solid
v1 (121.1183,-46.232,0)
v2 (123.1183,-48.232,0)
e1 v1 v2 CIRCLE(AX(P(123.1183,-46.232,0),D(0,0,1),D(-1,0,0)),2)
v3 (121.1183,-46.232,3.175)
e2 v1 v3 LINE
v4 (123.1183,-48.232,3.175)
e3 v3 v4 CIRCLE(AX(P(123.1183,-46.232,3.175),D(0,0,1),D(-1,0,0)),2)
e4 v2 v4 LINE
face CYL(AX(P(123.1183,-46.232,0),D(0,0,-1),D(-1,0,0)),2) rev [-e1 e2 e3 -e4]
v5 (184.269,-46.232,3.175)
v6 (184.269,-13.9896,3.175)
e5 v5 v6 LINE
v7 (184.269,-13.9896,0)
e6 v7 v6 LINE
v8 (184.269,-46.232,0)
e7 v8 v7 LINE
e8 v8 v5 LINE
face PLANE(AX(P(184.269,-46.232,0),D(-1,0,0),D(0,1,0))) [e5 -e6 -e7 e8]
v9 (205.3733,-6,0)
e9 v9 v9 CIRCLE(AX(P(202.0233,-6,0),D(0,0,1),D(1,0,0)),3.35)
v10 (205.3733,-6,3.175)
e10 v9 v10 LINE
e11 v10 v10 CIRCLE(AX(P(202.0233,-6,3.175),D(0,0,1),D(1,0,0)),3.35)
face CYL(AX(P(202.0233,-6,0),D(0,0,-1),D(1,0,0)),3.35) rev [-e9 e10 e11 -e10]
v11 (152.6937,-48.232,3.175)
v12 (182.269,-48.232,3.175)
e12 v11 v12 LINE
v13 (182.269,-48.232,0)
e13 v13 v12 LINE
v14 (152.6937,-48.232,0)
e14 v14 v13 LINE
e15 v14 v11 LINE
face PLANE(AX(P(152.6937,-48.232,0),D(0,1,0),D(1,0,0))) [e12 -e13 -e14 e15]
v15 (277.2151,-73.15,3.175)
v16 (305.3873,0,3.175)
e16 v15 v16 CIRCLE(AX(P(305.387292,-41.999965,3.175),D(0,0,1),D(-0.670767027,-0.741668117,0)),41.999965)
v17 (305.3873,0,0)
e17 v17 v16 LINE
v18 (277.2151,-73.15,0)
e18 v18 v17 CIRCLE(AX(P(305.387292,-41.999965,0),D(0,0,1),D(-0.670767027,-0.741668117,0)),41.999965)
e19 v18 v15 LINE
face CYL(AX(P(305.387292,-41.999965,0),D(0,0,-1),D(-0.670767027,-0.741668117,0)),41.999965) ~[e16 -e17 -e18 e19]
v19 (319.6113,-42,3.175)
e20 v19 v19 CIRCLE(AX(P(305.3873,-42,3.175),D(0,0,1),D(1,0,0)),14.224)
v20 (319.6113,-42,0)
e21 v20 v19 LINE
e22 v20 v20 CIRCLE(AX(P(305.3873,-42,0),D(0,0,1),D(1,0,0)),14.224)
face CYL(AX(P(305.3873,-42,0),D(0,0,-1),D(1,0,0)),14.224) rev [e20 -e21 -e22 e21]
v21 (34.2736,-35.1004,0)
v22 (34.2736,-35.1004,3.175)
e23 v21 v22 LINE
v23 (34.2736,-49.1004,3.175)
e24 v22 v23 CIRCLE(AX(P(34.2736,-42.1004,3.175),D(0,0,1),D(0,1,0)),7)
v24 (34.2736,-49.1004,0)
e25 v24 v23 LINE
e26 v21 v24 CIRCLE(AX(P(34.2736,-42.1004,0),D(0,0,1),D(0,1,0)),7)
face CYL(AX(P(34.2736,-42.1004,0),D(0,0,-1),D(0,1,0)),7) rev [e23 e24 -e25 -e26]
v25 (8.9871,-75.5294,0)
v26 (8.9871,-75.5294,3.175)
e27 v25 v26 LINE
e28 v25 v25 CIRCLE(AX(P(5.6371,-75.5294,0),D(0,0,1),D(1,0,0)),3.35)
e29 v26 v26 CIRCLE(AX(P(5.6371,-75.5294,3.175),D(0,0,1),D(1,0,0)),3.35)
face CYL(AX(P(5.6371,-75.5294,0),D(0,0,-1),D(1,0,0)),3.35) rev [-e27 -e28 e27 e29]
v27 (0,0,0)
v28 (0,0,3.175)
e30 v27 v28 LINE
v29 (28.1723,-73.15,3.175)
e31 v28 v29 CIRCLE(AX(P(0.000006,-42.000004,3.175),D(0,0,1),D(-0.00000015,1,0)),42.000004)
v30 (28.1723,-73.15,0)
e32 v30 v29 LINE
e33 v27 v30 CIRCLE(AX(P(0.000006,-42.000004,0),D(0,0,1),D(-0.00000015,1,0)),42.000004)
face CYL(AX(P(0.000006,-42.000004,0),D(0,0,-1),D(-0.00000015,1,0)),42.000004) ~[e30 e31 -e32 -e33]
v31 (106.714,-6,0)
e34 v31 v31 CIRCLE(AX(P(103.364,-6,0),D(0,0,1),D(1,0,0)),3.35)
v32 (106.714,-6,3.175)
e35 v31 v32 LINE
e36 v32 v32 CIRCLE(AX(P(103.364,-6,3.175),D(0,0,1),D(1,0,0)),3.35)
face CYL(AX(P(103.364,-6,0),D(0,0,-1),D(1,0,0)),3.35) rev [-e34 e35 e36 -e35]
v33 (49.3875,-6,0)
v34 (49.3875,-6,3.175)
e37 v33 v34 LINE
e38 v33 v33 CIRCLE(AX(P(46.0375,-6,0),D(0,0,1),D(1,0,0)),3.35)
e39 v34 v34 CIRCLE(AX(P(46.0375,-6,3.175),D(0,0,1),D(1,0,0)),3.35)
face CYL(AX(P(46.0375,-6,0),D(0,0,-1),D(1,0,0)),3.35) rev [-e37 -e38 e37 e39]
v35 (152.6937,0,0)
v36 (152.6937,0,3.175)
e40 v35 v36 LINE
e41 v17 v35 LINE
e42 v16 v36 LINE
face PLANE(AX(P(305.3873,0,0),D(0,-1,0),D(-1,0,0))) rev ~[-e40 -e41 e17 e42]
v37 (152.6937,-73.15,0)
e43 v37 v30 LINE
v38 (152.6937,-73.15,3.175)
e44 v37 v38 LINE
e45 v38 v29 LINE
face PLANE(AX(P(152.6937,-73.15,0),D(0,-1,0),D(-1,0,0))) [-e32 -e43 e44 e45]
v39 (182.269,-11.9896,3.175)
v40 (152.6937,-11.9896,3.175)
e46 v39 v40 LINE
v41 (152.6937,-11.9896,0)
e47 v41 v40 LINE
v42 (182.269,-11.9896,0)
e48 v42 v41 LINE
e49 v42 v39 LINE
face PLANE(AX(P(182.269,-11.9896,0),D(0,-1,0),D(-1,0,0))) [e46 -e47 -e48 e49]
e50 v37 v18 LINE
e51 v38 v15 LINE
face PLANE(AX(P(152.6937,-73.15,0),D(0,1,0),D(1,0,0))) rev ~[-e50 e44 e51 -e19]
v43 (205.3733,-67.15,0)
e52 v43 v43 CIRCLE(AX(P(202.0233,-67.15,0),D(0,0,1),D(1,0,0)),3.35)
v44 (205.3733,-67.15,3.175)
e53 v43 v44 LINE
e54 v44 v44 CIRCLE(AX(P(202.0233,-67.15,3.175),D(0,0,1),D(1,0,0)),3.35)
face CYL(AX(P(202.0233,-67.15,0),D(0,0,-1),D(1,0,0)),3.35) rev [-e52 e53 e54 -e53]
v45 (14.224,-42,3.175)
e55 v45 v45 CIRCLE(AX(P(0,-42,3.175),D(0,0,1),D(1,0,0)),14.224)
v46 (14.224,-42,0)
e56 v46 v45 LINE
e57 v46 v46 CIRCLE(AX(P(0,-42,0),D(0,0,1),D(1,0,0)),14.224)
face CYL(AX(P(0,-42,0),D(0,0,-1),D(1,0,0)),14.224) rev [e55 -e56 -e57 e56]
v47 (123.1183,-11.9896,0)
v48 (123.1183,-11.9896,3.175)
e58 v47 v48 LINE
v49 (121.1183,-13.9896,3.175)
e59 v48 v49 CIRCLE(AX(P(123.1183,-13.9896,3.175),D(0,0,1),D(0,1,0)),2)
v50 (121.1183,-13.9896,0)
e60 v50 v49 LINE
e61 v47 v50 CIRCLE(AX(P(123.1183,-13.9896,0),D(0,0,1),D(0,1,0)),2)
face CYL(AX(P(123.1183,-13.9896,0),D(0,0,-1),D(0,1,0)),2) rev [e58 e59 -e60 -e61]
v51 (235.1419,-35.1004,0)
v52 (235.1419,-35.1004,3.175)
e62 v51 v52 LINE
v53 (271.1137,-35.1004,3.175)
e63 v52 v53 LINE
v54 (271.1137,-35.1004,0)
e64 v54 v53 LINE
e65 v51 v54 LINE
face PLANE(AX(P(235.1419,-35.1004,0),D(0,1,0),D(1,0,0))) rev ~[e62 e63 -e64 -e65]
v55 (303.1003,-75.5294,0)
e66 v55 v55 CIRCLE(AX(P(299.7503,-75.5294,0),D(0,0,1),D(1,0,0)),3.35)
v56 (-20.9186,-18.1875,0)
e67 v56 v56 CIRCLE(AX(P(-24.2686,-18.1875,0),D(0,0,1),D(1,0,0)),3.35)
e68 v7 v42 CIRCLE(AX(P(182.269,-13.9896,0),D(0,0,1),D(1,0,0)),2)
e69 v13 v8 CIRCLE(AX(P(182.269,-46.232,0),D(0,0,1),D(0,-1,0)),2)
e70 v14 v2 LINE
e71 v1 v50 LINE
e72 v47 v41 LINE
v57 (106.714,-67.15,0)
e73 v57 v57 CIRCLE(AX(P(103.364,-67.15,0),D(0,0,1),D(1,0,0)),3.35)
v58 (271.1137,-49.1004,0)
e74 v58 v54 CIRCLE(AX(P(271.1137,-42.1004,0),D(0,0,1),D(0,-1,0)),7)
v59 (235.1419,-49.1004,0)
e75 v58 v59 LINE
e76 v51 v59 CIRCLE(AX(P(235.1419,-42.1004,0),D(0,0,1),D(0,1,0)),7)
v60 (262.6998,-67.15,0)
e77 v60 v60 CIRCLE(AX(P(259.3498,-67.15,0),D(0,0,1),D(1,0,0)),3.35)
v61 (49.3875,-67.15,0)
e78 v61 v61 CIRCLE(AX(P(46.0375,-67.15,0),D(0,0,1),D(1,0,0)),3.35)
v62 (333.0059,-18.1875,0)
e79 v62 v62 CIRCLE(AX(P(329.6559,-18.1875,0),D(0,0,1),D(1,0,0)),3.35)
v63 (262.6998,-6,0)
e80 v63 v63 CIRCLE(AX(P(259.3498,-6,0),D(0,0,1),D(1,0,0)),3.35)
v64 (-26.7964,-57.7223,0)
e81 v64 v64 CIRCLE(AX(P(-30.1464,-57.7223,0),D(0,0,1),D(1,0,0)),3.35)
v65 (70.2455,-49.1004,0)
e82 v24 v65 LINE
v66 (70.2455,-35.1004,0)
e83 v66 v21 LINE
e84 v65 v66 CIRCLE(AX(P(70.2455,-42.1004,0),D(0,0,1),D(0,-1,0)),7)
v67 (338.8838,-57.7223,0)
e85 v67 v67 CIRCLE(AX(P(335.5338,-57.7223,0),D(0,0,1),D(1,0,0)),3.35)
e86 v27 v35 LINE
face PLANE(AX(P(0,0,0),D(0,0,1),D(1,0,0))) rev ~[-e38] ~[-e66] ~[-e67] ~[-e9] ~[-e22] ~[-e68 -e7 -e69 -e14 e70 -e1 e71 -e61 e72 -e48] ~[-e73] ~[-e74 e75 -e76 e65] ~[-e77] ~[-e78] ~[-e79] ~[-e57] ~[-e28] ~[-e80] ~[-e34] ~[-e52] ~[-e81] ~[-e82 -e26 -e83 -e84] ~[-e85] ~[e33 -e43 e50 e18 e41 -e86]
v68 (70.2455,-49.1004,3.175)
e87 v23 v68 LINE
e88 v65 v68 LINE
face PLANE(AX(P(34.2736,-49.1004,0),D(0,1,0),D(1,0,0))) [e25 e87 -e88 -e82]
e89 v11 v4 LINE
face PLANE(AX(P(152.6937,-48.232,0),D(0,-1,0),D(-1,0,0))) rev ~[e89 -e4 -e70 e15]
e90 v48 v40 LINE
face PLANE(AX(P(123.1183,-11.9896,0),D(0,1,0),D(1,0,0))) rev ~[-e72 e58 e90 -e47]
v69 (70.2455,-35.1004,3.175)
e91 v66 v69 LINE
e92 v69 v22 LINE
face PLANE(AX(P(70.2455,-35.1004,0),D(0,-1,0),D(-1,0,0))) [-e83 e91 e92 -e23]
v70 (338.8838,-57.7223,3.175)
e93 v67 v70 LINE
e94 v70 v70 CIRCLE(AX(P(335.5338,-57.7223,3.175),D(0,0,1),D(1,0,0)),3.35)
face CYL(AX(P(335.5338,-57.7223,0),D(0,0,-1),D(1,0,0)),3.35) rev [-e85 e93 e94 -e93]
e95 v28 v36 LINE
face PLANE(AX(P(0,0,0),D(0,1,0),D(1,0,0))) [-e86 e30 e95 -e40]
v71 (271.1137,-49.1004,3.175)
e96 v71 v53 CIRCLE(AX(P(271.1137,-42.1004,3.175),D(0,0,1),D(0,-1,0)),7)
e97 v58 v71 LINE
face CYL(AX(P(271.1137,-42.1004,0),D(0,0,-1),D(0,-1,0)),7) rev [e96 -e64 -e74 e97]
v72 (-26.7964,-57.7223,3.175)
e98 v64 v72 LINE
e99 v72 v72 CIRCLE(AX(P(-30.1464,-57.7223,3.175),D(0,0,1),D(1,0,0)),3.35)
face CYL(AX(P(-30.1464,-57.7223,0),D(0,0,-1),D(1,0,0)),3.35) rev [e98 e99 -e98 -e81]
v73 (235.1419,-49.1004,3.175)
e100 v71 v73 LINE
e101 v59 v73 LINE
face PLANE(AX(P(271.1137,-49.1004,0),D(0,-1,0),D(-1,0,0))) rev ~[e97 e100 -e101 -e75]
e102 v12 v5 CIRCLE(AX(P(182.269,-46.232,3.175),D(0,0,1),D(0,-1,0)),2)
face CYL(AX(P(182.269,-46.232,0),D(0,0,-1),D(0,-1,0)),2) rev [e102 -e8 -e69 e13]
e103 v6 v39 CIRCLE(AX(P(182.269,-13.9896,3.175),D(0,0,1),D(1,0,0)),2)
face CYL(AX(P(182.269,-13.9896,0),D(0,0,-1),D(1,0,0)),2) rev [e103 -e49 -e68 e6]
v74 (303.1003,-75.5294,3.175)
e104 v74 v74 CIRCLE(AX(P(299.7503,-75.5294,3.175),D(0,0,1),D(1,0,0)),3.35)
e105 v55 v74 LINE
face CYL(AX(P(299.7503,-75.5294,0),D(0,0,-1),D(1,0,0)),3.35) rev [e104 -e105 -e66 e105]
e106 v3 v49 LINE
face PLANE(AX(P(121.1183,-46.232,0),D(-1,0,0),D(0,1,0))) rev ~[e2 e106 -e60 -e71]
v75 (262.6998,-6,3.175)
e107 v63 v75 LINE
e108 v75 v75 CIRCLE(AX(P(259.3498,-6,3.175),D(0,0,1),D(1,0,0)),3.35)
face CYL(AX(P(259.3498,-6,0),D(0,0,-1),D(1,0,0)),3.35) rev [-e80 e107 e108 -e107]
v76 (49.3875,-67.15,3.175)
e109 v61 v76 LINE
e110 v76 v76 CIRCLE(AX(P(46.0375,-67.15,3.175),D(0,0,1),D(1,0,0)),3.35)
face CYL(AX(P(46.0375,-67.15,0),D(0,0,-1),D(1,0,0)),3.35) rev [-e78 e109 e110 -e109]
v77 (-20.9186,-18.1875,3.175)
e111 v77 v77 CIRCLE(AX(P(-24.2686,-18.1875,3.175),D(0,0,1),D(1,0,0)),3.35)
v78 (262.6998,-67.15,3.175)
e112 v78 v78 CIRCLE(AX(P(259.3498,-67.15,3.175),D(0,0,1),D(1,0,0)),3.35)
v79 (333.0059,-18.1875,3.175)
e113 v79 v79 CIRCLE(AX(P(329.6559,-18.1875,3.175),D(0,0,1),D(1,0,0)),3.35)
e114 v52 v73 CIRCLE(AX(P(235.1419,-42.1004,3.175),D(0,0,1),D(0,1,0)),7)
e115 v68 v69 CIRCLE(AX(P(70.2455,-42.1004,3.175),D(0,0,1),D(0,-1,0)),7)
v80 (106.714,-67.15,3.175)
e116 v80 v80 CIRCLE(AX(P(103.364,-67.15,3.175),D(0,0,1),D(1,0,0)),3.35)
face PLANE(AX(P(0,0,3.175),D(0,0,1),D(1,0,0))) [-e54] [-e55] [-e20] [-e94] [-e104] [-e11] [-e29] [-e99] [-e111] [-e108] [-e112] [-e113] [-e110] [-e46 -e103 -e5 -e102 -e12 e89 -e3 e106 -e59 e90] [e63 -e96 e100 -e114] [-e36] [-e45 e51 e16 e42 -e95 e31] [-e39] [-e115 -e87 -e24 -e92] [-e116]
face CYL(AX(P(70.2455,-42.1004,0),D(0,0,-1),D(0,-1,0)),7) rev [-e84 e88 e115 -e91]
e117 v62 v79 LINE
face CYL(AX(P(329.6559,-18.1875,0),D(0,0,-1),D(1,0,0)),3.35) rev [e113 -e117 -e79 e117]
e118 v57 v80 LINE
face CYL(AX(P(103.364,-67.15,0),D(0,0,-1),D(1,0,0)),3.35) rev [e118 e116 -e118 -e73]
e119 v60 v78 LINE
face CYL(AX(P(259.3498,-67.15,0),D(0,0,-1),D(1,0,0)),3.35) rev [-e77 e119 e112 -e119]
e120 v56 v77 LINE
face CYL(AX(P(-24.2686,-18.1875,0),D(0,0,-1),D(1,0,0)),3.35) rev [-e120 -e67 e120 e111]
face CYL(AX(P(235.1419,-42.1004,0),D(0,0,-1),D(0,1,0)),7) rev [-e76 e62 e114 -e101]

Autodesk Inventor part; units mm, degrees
ref_plane "YZ Plane" through (0, 0, 0) normal (1, 0, 0) x (0, 1, 0)
ref_plane "XZ Plane" through (0, 0, 0) normal (0, 1, 0) x (-1, 0, 0)
ref_plane "XY Plane" through (0, 0, 0) normal (0, 0, 1) x (1, 0, 0)
sketch "Sketch3" plane through (0, 0, 0) normal (0, 0, 1) x (1, 0, 0)
  circle A0 centre (46.0375, -6) radius 3.35
  circle A1 centre (46.0375, -67.15) radius 3.35
  circle A2 centre (5.6371, -75.5294) radius 3.35
  circle A3 centre (-30.1464, -57.7223) radius 3.35
  circle A4 centre (-24.2686, -18.1875) radius 3.35
  line L0 (152.6937, 0) -> (152.6937, -73.15) construction
  line L1 (0, 0) -> (152.6937, 0)
  arc A5 (0, 0) -> (28.1723, -73.15) centre (0, -42) ccw
  line L2 (152.6937, -73.15) -> (28.1723, -73.15)
  arc A6 (24.0029, -27.5826) -> (10.7567, -16.1486) centre (0, -42) ccw
  circle A7 centre (0, -42) radius 14.224
  line L3 (9.525, -14) -> (9.525, -14.3021)
  arc A8 (11.525, -12) -> (9.525, -14) centre (11.525, -14) ccw
  arc A9 (9.525, -14.3021) -> (10.7567, -16.1486) centre (11.525, -14.3021) ccw
  arc A10 (24.0029, -27.5826) -> (25.7174, -28.5528) centre (25.7174, -26.5528) ccw
  line L4 (152.6937, -73.15) -> (277.2151, -73.15)
  line L5 (305.3873, 0) -> (152.6937, 0)
  circle A11 centre (259.3498, -6) radius 3.35
  circle A12 centre (259.3498, -67.15) radius 3.35
  circle A13 centre (299.7503, -75.5294) radius 3.35
  circle A14 centre (335.5338, -57.7223) radius 3.35
  circle A15 centre (329.6559, -18.1875) radius 3.35
  arc A16 (277.2151, -73.15) -> (305.3873, 0) centre (305.3873, -42) ccw
  arc A17 (294.6307, -16.1486) -> (281.3845, -27.5826) centre (305.3873, -42) ccw
  circle A18 centre (305.3873, -42) radius 14.224
  line L6 (295.8623, -14) -> (295.8623, -14.3021)
  arc A19 (295.8623, -14) -> (293.8623, -12) centre (293.8623, -14) ccw
  arc A20 (294.6307, -16.1486) -> (295.8623, -14.3021) centre (293.8623, -14.3021) ccw
  arc A21 (279.67, -28.5528) -> (281.3845, -27.5826) centre (279.67, -26.5528) ccw
  line L7 (34.2736, -42.1004) -> (70.2455, -42.1004) construction
  line L8 (34.2736, -49.1004) -> (70.2455, -49.1004)
  line L9 (70.2455, -35.1004) -> (34.2736, -35.1004)
  arc A22 (34.2736, -35.1004) -> (34.2736, -49.1004) centre (34.2736, -42.1004) ccw
  arc A23 (70.2455, -49.1004) -> (70.2455, -35.1004) centre (70.2455, -42.1004) ccw
  line L10 (271.1137, -42.1004) -> (235.1419, -42.1004) construction
  line L11 (271.1137, -49.1004) -> (235.1419, -49.1004)
  line L12 (235.1419, -35.1004) -> (271.1137, -35.1004)
  arc A24 (271.1137, -49.1004) -> (271.1137, -35.1004) centre (271.1137, -42.1004) ccw
  arc A25 (235.1419, -35.1004) -> (235.1419, -49.1004) centre (235.1419, -42.1004) ccw
  circle A26 centre (103.364, -67.15) radius 3.35 projected
  circle A27 centre (202.0233, -67.15) radius 3.35 projected
  circle A28 centre (202.0233, -6) radius 3.35
  circle A29 centre (103.364, -6) radius 3.35
  line L13 (123.1183, -11.9896) -> (152.6937, -11.9896)
  line L14 (152.6937, -11.9896) -> (152.6937, -48.232) construction
  line L15 (152.6937, -48.232) -> (123.1183, -48.232)
  line L16 (121.1183, -46.232) -> (121.1183, -13.9896)
  arc A30 (123.1183, -11.9896) -> (121.1183, -13.9896) centre (123.1183, -13.9896) ccw
  arc A31 (121.1183, -46.232) -> (123.1183, -48.232) centre (123.1183, -46.232) ccw
  line L17 (182.269, -11.9896) -> (152.6937, -11.9896)
  line L18 (152.6937, -48.232) -> (182.269, -48.232)
  line L19 (184.269, -46.232) -> (184.269, -13.9896)
  arc A32 (184.269, -13.9896) -> (182.269, -11.9896) centre (182.269, -13.9896) ccw
  arc A33 (182.269, -48.232) -> (184.269, -46.232) centre (182.269, -46.232) ccw
  point P0 (24.5596, -28.5528)
  point P1 (9.525, -15.6699)
  point P2 (280.8278, -28.5528)
  point P3 (295.8623, -15.6699)
  point P4 (52.2596, -42.1004)
  point P5 (253.1278, -42.1004)
  dimension "d38" = 28.448
  dimension "d39" = 2
  dimension "d40" = 2
  dimension "d43" = 14
  dimension "d44" = 2
  dimension "d45" = 6
  dimension "d46" = 213.3123
extrude "Extrusion2" add sketch "Sketch3" along normal blind 3.175
properties part number "Mech Panel v7 skin exterior" material "Polycarbonate, Clear"
